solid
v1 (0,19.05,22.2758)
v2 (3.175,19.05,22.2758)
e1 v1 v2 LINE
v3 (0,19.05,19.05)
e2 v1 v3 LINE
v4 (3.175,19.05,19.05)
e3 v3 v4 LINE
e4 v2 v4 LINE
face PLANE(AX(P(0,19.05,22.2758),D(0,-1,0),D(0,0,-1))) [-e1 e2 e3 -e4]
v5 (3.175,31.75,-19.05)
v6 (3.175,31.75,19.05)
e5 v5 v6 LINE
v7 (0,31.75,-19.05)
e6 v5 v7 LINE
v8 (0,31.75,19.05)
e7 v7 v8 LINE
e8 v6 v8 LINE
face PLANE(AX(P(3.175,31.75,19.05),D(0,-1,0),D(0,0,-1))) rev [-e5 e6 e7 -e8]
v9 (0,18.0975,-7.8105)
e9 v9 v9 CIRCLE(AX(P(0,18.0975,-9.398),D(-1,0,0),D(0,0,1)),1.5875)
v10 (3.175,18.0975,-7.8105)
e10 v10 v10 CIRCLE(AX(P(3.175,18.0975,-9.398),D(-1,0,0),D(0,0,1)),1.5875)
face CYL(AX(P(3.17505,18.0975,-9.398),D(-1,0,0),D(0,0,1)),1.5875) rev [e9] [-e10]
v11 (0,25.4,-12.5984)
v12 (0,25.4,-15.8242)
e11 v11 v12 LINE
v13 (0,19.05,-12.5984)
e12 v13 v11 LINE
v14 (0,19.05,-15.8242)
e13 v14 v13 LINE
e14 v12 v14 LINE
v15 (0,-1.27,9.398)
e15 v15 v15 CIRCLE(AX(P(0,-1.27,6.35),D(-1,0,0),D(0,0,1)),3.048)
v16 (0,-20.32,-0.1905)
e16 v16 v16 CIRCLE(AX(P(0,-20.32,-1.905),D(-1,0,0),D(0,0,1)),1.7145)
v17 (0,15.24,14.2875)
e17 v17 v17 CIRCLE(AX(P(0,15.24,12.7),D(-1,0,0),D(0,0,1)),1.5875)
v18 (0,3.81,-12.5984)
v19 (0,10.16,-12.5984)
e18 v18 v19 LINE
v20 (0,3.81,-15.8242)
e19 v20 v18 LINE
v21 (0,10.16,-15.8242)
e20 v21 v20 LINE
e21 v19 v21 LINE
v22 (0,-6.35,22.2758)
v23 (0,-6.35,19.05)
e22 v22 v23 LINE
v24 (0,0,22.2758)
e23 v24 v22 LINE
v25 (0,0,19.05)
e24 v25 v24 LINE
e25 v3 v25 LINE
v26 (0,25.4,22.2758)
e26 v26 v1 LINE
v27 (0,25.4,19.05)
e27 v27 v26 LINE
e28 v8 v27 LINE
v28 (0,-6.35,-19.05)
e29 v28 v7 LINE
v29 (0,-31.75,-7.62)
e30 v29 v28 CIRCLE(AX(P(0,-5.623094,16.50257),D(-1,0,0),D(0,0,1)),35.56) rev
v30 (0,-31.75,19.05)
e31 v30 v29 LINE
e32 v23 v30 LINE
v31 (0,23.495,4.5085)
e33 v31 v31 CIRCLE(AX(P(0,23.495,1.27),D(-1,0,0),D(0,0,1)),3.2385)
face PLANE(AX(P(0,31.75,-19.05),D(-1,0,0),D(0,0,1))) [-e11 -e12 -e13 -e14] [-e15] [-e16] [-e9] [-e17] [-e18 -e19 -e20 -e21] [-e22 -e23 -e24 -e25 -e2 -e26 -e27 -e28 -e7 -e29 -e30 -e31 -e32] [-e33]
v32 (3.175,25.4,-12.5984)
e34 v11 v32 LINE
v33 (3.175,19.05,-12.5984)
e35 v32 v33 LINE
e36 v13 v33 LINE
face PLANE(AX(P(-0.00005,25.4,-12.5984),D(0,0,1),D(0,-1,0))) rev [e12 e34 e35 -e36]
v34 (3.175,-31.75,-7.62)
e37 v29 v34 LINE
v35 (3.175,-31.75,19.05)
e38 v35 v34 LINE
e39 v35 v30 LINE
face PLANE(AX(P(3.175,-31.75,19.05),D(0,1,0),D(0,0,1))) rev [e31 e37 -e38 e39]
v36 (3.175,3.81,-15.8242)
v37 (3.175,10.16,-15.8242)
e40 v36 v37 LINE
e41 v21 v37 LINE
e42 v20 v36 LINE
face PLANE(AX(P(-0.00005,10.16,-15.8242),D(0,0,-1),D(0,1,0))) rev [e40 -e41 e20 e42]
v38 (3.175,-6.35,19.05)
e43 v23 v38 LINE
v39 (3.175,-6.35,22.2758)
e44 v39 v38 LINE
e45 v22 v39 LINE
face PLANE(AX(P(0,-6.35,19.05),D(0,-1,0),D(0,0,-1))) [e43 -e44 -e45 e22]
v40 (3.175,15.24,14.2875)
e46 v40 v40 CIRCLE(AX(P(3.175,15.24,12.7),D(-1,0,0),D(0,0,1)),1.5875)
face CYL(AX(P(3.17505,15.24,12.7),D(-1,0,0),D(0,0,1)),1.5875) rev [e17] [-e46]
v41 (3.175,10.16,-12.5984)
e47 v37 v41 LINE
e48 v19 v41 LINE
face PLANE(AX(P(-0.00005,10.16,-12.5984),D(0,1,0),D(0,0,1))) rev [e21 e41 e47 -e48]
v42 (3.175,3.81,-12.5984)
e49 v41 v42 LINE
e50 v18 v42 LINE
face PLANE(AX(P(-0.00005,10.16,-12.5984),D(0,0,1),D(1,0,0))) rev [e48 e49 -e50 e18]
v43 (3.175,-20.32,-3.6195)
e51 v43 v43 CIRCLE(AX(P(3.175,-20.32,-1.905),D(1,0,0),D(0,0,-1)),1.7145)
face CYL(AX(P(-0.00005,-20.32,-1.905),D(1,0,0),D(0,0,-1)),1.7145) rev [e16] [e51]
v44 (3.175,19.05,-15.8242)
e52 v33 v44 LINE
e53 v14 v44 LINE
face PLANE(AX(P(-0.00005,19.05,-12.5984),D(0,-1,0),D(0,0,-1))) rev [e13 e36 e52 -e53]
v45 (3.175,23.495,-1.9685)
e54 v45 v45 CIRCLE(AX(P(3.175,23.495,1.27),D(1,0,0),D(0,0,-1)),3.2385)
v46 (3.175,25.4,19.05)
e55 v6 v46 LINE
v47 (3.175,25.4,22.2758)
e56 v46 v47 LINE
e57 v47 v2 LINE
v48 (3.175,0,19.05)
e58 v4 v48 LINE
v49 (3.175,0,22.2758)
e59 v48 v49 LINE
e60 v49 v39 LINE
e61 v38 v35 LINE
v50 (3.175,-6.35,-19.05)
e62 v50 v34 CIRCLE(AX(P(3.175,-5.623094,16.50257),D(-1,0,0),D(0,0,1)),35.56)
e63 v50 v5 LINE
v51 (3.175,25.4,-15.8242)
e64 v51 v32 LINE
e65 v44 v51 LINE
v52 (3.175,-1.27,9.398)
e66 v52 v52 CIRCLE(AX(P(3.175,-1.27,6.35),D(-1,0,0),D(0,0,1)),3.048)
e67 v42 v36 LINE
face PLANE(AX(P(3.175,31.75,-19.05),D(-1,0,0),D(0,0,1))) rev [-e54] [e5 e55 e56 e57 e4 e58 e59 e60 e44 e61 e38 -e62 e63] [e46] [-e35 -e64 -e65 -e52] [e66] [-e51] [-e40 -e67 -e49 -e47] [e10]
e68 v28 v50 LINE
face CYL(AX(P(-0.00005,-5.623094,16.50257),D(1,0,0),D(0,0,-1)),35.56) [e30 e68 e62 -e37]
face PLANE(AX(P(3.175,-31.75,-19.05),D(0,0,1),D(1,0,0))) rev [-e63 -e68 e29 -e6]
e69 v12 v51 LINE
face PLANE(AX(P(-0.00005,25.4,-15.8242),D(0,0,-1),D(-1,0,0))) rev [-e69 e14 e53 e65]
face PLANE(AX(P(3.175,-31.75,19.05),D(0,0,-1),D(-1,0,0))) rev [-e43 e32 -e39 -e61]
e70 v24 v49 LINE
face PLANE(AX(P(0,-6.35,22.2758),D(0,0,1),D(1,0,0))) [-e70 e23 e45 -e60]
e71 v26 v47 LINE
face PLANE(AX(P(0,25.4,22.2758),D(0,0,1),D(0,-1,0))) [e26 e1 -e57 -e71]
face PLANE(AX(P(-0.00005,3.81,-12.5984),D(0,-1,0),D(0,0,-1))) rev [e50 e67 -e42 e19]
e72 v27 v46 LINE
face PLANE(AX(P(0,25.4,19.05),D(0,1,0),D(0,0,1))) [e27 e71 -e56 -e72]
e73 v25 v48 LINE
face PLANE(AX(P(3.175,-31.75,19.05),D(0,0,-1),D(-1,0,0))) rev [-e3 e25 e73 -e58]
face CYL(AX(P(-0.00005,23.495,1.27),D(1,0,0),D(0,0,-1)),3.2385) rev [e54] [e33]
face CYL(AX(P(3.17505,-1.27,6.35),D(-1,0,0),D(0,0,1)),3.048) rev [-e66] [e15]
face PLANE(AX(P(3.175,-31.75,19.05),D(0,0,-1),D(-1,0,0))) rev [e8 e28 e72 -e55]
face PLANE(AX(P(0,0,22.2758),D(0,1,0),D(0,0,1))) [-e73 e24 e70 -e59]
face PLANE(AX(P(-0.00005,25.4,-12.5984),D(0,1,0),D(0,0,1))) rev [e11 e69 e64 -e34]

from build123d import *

# Parameters (mm, degrees)
SKETCH1_W                           = 38.1
SKETCH1_H                           = 63.5
MAIN_BODY_DEPTH                     = 3.175
SKETCH2_W                           = 3.2258
SKETCH2_H                           = 6.35
TABS_DEPTH                          = 3.175
SKETCH5_R                           = 1.7145
MOTOR_CUT_DEPTH                     = 4.175
SKETCH6_R                           = 3.2385
CUT_FOR_AXLE_DEPTH                  = 4.175
ROUND_OFF_BACK_CORNER_DEPTH         = 4.175
SKETCH9_W                           = 3.2258
SKETCH9_H                           = 6.35
CUT_FOR_TABS_DEPTH                  = 4.175
SKETCH10_R                          = 3.048
CUT_FOR_SCREW_ACCESS_DEPTH          = 4.175
SKETCH11_R                          = 1.5875
CUT_FOR_BRACKET_SCREW_DEPTH         = 4.175
SKETCH12_R                          = 1.5875
CUT_FOR_BASIC_TILT_LOCK_SCREW_DEPTH = 4.175


with BuildPart() as part:
    # Sketch1 → main body (new body)
    with BuildSketch(Plane(origin=(0, 0, 0), x_dir=(0, 0, -1), z_dir=(1, 0, 0))):
        Rectangle(SKETCH1_W, SKETCH1_H)
    extrude(amount=MAIN_BODY_DEPTH)

    # Sketch2 → tabs (add)
    with BuildSketch(Plane(origin=(3.175, 0, 0), x_dir=(0, 0, -1), z_dir=(1, 0, 0))):
        with Locations((-20.6629, 22.225)):
            Rectangle(SKETCH2_W, SKETCH2_H)
        with Locations((-20.6629, -3.175)):
            Rectangle(SKETCH2_W, SKETCH2_H)
    extrude(amount=-TABS_DEPTH)

    # Sketch5 → motor cut (cut, through all)
    with BuildSketch(Plane(origin=(3.175, 0, 0), x_dir=(0, 0, -1), z_dir=(1, 0, 0))):
        with Locations((1.905, -20.32)):
            Circle(SKETCH5_R)
    extrude(amount=-MOTOR_CUT_DEPTH, mode=Mode.SUBTRACT)

    # Sketch6 → cut for axle (cut, through all)
    with BuildSketch(Plane(origin=(3.175, 0, 0), x_dir=(0, 0, -1), z_dir=(1, 0, 0))):
        with Locations((-1.27, 23.495)):
            Circle(SKETCH6_R)
    extrude(amount=-CUT_FOR_AXLE_DEPTH, mode=Mode.SUBTRACT)

    # Sketch7 → round off back corner (cut, through all)
    with BuildSketch(Plane(origin=(3.175, 0, 0), x_dir=(0, 0, -1), z_dir=(1, 0, 0))):
        with BuildLine():
            Line((19.05, -31.75), (19.05, -6.35))
            ThreePointArc((19.05, -6.35), (15.925359096, -20.215661593), (7.62, -31.75))
            Line((7.62, -31.75), (19.05, -31.75))
        make_face()
    extrude(amount=-ROUND_OFF_BACK_CORNER_DEPTH, mode=Mode.SUBTRACT)

    # Sketch9 → cut for tabs (cut, through all)
    with BuildSketch(Plane(origin=(3.175, 0, 0), x_dir=(0, 0, -1), z_dir=(1, 0, 0))):
        with Locations((14.2113, 22.225)):
            Rectangle(SKETCH9_W, SKETCH9_H)
        with Locations((14.2113, 6.985)):
            Rectangle(SKETCH9_W, SKETCH9_H)
    extrude(amount=-CUT_FOR_TABS_DEPTH, mode=Mode.SUBTRACT)

    # Sketch10 → cut for screw access (cut, through all)
    with BuildSketch(Plane.ZY):
        with Locations((6.35, -1.27)):
            Circle(SKETCH10_R)
    extrude(amount=-CUT_FOR_SCREW_ACCESS_DEPTH, mode=Mode.SUBTRACT)

    # Sketch11 → cut for bracket screw (cut, through all)
    with BuildSketch(Plane.ZY):
        with Locations((12.7, 15.24)):
            Circle(SKETCH11_R)
    extrude(amount=-CUT_FOR_BRACKET_SCREW_DEPTH, mode=Mode.SUBTRACT)

    # Sketch12 → cut for basic tilt lock screw (cut, through all)
    with BuildSketch(Plane.ZY):
        with Locations((-9.398, 18.0975)):
            Circle(SKETCH12_R)
    extrude(amount=-CUT_FOR_BASIC_TILT_LOCK_SCREW_DEPTH, mode=Mode.SUBTRACT)


solid = part.part
